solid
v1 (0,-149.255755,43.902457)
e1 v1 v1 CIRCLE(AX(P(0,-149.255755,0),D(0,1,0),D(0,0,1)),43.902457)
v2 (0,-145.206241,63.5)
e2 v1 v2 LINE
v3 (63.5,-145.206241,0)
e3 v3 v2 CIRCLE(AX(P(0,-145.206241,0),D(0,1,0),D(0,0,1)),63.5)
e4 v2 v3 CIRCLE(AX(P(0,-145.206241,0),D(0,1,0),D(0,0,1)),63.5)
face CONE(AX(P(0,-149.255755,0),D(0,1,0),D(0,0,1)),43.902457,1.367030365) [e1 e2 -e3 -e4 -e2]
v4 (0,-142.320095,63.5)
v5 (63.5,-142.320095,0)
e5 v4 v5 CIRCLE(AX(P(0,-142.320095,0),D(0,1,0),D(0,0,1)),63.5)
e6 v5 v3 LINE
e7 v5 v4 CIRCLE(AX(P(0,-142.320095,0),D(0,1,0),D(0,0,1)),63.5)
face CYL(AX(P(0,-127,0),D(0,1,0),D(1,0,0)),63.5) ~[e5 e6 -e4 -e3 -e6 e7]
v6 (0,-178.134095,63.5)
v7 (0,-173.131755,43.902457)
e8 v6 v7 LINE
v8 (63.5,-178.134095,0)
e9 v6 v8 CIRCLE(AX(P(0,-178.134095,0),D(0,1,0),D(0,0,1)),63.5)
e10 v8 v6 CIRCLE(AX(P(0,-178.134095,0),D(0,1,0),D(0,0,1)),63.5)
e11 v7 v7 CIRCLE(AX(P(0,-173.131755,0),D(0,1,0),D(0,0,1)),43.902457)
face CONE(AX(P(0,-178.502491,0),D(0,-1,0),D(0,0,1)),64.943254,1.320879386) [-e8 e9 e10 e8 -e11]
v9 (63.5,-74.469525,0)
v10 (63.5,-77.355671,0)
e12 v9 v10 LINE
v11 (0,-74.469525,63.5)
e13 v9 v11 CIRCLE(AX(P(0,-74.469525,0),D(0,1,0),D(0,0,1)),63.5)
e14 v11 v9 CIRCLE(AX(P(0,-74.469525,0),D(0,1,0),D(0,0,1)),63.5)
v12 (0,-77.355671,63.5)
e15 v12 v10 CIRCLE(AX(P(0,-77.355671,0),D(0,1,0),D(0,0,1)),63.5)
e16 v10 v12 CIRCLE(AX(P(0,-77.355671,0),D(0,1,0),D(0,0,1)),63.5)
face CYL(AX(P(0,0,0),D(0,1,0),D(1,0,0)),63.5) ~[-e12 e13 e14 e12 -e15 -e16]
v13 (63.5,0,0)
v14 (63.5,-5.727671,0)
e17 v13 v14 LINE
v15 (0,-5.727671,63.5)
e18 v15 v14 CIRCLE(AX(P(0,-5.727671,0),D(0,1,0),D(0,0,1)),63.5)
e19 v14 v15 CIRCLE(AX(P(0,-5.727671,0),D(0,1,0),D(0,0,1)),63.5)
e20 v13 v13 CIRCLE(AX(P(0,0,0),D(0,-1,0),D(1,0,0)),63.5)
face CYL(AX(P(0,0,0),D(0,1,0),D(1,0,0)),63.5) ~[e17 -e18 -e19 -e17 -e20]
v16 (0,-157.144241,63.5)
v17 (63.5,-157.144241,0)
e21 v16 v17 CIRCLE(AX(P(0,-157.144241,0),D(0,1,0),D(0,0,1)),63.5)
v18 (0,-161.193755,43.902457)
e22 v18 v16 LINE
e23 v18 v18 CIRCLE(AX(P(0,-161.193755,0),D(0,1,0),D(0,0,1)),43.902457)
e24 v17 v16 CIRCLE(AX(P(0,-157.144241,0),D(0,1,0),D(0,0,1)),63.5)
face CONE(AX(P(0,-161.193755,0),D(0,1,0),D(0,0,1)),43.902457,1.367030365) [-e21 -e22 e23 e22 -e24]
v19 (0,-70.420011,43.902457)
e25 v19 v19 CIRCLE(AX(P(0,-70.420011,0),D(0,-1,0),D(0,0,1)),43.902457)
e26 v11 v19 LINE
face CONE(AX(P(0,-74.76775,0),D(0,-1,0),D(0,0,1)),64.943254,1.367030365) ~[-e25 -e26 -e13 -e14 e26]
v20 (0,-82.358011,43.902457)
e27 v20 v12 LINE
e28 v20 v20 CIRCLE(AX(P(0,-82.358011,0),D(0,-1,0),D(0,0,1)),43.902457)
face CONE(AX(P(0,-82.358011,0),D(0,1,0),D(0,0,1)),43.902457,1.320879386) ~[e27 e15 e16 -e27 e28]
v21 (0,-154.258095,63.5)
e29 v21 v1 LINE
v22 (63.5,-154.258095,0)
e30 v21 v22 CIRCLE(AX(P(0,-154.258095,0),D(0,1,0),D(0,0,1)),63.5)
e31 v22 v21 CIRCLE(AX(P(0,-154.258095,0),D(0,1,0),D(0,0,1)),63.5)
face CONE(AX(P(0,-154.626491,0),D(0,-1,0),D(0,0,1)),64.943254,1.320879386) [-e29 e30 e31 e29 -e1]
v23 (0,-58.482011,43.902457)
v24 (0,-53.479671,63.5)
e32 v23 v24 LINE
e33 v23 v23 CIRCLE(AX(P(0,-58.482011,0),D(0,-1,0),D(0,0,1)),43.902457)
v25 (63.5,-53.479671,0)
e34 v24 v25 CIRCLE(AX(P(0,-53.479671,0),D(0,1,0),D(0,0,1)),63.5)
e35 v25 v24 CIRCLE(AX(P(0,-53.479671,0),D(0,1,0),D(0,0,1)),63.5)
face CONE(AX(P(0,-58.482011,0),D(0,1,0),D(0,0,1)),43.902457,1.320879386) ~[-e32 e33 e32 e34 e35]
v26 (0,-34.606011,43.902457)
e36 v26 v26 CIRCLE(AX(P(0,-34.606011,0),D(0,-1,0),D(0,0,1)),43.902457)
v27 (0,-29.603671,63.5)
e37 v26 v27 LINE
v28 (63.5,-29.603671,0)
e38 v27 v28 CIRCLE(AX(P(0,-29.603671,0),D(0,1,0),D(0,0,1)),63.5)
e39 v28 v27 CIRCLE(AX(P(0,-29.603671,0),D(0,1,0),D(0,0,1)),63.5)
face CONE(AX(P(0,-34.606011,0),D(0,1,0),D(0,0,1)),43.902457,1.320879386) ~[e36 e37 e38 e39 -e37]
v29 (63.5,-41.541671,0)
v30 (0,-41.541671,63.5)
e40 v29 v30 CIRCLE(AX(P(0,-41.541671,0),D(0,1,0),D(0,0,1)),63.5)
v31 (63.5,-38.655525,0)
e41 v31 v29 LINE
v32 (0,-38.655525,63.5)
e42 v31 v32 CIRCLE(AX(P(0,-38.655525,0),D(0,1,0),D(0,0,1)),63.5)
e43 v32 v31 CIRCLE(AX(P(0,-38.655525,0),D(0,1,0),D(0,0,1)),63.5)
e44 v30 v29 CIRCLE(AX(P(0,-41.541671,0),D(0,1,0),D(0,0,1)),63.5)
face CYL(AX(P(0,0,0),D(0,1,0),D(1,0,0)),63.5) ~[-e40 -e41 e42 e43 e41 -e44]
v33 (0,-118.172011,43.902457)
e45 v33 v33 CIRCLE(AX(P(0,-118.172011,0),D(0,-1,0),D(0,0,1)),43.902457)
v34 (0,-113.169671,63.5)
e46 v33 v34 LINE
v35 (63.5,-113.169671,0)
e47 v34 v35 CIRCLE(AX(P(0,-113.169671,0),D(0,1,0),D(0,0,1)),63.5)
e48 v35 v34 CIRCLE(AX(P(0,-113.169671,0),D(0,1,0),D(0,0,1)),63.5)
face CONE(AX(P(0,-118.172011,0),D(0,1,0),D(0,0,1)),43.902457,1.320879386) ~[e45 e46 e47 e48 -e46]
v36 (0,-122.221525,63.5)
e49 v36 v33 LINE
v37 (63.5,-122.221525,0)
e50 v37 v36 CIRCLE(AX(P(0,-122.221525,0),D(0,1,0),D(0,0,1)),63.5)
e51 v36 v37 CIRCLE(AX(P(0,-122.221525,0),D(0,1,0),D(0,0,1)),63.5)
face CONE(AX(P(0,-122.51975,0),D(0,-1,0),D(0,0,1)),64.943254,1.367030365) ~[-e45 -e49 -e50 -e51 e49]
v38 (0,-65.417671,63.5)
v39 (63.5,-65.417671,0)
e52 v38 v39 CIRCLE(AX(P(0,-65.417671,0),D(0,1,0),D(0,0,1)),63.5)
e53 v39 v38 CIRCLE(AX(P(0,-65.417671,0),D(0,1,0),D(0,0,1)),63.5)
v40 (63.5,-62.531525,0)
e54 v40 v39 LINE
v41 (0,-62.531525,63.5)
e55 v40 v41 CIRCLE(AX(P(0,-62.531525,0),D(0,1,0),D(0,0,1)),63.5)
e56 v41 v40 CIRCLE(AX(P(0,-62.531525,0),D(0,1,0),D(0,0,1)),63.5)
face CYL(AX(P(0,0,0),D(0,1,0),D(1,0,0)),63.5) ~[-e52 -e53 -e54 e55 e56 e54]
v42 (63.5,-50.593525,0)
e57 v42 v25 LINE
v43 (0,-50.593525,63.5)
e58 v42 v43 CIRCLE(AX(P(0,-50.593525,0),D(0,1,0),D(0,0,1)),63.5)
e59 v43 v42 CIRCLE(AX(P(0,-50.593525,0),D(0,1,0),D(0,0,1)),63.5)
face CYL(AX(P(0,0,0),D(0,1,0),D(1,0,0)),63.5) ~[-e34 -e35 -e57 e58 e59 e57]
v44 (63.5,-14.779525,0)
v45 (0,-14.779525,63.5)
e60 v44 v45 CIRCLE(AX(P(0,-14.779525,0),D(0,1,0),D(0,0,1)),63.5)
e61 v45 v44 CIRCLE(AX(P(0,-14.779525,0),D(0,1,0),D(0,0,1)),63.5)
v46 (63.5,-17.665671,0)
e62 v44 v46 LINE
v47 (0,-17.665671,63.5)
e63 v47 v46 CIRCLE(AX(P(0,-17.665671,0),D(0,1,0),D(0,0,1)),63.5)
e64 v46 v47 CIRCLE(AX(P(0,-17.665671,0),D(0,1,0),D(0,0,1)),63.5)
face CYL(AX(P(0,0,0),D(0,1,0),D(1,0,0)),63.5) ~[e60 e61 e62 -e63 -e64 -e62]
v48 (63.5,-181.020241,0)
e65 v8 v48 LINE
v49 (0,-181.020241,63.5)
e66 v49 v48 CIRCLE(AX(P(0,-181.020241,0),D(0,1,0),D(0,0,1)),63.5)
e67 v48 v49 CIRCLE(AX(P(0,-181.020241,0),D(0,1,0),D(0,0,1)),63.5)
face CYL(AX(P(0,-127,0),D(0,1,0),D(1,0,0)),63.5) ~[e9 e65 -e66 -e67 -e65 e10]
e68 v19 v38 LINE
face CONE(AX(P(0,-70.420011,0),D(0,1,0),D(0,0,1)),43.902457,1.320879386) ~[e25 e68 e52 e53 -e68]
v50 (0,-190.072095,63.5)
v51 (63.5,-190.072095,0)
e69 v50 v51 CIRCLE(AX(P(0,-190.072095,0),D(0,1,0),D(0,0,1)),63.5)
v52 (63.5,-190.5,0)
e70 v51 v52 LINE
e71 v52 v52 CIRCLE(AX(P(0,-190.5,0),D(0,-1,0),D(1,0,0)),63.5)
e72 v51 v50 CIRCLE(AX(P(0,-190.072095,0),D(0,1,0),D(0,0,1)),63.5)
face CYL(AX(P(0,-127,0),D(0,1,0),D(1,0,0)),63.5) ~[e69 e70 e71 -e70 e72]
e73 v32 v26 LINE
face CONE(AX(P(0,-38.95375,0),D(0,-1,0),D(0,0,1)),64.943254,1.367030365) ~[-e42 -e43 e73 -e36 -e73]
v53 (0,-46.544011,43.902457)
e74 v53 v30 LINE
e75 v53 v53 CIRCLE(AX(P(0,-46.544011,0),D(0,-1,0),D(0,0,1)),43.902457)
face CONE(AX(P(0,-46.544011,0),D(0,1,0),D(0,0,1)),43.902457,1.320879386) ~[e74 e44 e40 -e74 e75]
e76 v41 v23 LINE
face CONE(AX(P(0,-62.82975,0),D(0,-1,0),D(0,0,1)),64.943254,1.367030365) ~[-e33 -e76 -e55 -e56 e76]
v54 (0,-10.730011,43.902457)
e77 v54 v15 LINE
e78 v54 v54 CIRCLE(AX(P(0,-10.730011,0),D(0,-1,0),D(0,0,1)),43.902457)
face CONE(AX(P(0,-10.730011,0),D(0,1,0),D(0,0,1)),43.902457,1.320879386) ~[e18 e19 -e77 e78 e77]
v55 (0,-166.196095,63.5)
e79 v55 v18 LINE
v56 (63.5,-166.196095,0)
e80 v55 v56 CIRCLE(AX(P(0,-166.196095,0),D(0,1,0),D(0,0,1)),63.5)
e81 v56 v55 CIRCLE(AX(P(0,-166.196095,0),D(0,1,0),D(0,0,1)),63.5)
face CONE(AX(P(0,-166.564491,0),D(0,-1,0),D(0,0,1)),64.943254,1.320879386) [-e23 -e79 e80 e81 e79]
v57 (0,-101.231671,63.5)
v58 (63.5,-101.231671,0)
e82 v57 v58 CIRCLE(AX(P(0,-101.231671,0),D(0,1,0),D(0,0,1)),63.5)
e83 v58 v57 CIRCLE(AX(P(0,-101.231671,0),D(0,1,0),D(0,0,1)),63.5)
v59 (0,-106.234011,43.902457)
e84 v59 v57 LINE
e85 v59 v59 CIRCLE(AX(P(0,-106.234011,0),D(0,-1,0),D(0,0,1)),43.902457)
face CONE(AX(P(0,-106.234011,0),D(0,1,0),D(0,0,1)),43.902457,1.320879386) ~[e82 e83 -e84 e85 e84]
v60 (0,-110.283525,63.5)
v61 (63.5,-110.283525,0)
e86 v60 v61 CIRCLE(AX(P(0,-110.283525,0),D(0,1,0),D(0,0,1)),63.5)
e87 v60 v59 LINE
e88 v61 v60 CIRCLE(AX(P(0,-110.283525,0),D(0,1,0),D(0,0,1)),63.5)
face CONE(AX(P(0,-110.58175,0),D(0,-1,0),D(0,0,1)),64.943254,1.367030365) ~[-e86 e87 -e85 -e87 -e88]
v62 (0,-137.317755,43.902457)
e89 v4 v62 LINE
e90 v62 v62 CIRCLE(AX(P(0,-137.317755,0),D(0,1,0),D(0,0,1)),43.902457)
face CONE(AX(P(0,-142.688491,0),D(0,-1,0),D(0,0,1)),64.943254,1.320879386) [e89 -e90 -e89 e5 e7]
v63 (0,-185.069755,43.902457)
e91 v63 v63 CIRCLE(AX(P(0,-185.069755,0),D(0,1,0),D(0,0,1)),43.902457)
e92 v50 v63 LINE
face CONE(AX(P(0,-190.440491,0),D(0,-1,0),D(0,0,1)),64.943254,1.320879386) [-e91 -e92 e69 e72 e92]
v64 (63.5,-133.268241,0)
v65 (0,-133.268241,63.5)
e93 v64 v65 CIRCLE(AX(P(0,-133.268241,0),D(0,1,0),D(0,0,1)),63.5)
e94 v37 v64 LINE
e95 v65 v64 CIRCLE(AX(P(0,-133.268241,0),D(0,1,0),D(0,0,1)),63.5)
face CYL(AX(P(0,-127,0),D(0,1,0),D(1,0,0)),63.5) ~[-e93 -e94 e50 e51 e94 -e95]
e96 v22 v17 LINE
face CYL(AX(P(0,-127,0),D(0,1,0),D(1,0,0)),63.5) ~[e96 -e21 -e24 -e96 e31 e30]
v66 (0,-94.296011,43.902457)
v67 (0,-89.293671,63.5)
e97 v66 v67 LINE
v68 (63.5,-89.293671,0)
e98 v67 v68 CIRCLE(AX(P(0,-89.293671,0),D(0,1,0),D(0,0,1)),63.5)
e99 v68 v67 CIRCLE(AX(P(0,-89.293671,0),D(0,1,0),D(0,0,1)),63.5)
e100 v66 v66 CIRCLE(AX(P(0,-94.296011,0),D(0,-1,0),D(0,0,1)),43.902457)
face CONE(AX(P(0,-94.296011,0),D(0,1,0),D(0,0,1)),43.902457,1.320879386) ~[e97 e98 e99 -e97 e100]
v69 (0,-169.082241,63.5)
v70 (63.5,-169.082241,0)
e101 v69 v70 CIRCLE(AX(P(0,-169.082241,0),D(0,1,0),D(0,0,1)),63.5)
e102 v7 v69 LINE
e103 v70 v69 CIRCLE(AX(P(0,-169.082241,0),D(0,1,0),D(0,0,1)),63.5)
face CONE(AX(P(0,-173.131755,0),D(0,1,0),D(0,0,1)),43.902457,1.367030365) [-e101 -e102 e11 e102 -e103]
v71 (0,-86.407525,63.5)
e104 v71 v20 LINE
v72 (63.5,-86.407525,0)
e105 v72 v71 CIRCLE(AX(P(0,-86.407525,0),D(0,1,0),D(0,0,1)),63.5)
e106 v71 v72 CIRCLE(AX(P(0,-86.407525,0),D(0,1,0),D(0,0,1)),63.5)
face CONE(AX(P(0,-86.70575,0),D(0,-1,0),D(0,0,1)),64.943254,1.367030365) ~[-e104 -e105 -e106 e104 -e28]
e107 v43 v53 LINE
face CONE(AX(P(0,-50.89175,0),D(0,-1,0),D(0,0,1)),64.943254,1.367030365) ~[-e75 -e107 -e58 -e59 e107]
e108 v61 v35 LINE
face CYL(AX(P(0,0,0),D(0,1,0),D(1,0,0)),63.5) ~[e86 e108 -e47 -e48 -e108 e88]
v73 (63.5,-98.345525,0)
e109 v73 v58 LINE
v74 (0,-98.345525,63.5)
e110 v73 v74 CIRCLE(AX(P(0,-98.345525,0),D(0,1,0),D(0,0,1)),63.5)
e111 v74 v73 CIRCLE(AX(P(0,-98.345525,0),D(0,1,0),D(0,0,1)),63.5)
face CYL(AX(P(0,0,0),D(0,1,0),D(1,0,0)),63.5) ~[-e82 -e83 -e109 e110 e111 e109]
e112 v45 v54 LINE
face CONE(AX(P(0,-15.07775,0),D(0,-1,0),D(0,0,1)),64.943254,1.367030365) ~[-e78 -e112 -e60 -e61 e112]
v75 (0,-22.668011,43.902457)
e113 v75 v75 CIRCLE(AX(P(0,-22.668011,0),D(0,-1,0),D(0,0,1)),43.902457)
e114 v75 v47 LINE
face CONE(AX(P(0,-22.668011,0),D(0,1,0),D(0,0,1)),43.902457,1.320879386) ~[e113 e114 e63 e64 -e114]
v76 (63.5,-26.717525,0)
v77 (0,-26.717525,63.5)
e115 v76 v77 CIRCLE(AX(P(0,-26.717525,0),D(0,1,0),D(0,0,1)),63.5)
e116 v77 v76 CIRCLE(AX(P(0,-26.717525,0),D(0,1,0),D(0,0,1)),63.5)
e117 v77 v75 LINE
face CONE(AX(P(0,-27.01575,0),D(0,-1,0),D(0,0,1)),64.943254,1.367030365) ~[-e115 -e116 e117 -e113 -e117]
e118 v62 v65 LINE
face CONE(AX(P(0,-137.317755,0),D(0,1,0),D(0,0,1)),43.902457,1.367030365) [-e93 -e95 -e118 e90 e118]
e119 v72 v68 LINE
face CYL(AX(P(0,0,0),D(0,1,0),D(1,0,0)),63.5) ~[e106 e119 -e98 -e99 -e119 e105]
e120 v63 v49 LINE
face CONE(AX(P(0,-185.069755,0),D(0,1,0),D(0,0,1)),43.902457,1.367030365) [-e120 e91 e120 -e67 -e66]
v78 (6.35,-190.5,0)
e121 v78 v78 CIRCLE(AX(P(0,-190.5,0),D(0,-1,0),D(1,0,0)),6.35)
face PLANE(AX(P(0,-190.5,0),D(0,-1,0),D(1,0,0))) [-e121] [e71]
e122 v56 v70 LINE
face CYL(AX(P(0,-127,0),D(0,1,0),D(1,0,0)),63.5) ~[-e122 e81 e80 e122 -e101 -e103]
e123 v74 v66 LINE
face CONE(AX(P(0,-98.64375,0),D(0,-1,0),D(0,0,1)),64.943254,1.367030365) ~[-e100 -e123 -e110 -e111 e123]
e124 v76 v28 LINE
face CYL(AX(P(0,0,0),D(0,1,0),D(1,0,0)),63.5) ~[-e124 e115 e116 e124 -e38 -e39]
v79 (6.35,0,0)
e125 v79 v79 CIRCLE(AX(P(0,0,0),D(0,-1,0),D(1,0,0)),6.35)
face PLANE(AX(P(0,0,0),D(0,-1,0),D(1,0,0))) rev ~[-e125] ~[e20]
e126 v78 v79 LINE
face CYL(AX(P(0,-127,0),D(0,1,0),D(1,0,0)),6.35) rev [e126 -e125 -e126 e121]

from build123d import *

# Parameters (mm, degrees)
F0_R        = 63.5
F0_R_2      = 6.35
F1_DEPTH    = 127
F1_FACE_R   = 63.5
F1_FACE_R_2 = 6.35
F4_DEPTH    = 63.5


with BuildPart() as f1:
    # F0 (on Front) → F1 (new body)
    with BuildSketch(Plane.XZ):
        Circle(F0_R)
        Circle(F0_R_2, mode=Mode.SUBTRACT)
    extrude(amount=F1_DEPTH)

    # F2 (on Right) → F3 (revolve, cut)
    with BuildSketch(Plane.YZ):
        Polygon((-10.730011, 43.902457), (-5.359275, 64.943254), (-11.938, 64.943254), (-15.07775, 64.943254), align=None)
        Polygon((-22.668011, 43.902457), (-17.297275, 64.943254), (-23.876, 64.943254), (-27.01575, 64.943254), align=None)
        Polygon((-34.606011, 43.902457), (-29.235275, 64.943254), (-35.814, 64.943254), (-38.95375, 64.943254), align=None)
        Polygon((-46.544011, 43.902457), (-41.173275, 64.943254), (-47.752, 64.943254), (-50.89175, 64.943254), align=None)
        Polygon((-58.482011, 43.902457), (-53.111275, 64.943254), (-59.69, 64.943254), (-62.82975, 64.943254), align=None)
        Polygon((-70.420011, 43.902457), (-65.049275, 64.943254), (-71.628, 64.943254), (-74.76775, 64.943254), align=None)
        Polygon((-82.358011, 43.902457), (-76.987275, 64.943254), (-83.566, 64.943254), (-86.70575, 64.943254), align=None)
        Polygon((-94.296011, 43.902457), (-88.925275, 64.943254), (-95.504, 64.943254), (-98.64375, 64.943254), align=None)
        Polygon((-106.234011, 43.902457), (-100.863275, 64.943254), (-107.442, 64.943254), (-110.58175, 64.943254), align=None)
        Polygon((-118.172011, 43.902457), (-112.801275, 64.943254), (-122.51975, 64.943254), align=None)
        Polygon((-137.317755, 43.902457), (-132.970016, 64.943254), (-139.682883, 64.943254), (-142.688491, 64.943254), align=None)
        Polygon((-149.255755, 43.902457), (-144.908016, 64.943254), (-151.620883, 64.943254), (-154.626491, 64.943254), align=None)
        Polygon((-161.193755, 43.902457), (-156.846016, 64.943254), (-163.558883, 64.943254), (-166.564491, 64.943254), align=None)
        Polygon((-173.131755, 43.902457), (-168.784016, 64.943254), (-175.496883, 64.943254), (-178.502491, 64.943254), align=None)
        Polygon((-185.069755, 43.902457), (-180.722016, 64.943254), (-187.434883, 64.943254), (-190.440491, 64.943254), align=None)
        Polygon((-197.007755, 43.902457), (-192.660016, 64.943254), (-199.372883, 64.943254), (-202.378491, 64.943254), align=None)
    revolve(axis=Axis((0, -127, 0), (0, -1, 0)), mode=Mode.SUBTRACT)

    # F1_face (on face) → F4 (join)
    with BuildSketch(Plane.XZ.offset(127)):
        Circle(F1_FACE_R)
        Circle(F1_FACE_R_2, mode=Mode.SUBTRACT)
    extrude(amount=F4_DEPTH)

    # F2 (on Right) → F5 (revolve, cut)
    with BuildSketch(Plane.YZ):
        Polygon((-137.317755, 43.902457), (-132.970016, 64.943254), (-139.682883, 64.943254), (-142.688491, 64.943254), align=None)
        Polygon((-10.730011, 43.902457), (-5.359275, 64.943254), (-11.938, 64.943254), (-15.07775, 64.943254), align=None)
        Polygon((-220.883755, 43.902457), (-216.536016, 64.943254), (-223.248883, 64.943254), (-226.254491, 64.943254), align=None)
        Polygon((-208.945755, 43.902457), (-204.598016, 64.943254), (-211.310883, 64.943254), (-214.316491, 64.943254), align=None)
        Polygon((-197.007755, 43.902457), (-192.660016, 64.943254), (-199.372883, 64.943254), (-202.378491, 64.943254), align=None)
        Polygon((-185.069755, 43.902457), (-180.722016, 64.943254), (-187.434883, 64.943254), (-190.440491, 64.943254), align=None)
        Polygon((-173.131755, 43.902457), (-168.784016, 64.943254), (-175.496883, 64.943254), (-178.502491, 64.943254), align=None)
        Polygon((-161.193755, 43.902457), (-156.846016, 64.943254), (-163.558883, 64.943254), (-166.564491, 64.943254), align=None)
        Polygon((-149.255755, 43.902457), (-144.908016, 64.943254), (-151.620883, 64.943254), (-154.626491, 64.943254), align=None)
        Polygon((-118.172011, 43.902457), (-112.801275, 64.943254), (-122.51975, 64.943254), align=None)
        Polygon((-106.234011, 43.902457), (-100.863275, 64.943254), (-107.442, 64.943254), (-110.58175, 64.943254), align=None)
        Polygon((-94.296011, 43.902457), (-88.925275, 64.943254), (-95.504, 64.943254), (-98.64375, 64.943254), align=None)
        Polygon((-82.358011, 43.902457), (-76.987275, 64.943254), (-83.566, 64.943254), (-86.70575, 64.943254), align=None)
        Polygon((-70.420011, 43.902457), (-65.049275, 64.943254), (-71.628, 64.943254), (-74.76775, 64.943254), align=None)
        Polygon((-58.482011, 43.902457), (-53.111275, 64.943254), (-59.69, 64.943254), (-62.82975, 64.943254), align=None)
        Polygon((-46.544011, 43.902457), (-41.173275, 64.943254), (-47.752, 64.943254), (-50.89175, 64.943254), align=None)
        Polygon((-34.606011, 43.902457), (-29.235275, 64.943254), (-35.814, 64.943254), (-38.95375, 64.943254), align=None)
        Polygon((-22.668011, 43.902457), (-17.297275, 64.943254), (-23.876, 64.943254), (-27.01575, 64.943254), align=None)
    revolve(axis=Axis((0, -62.531525, 0), (0, 1, 0)), mode=Mode.SUBTRACT)


solid = f1.part
